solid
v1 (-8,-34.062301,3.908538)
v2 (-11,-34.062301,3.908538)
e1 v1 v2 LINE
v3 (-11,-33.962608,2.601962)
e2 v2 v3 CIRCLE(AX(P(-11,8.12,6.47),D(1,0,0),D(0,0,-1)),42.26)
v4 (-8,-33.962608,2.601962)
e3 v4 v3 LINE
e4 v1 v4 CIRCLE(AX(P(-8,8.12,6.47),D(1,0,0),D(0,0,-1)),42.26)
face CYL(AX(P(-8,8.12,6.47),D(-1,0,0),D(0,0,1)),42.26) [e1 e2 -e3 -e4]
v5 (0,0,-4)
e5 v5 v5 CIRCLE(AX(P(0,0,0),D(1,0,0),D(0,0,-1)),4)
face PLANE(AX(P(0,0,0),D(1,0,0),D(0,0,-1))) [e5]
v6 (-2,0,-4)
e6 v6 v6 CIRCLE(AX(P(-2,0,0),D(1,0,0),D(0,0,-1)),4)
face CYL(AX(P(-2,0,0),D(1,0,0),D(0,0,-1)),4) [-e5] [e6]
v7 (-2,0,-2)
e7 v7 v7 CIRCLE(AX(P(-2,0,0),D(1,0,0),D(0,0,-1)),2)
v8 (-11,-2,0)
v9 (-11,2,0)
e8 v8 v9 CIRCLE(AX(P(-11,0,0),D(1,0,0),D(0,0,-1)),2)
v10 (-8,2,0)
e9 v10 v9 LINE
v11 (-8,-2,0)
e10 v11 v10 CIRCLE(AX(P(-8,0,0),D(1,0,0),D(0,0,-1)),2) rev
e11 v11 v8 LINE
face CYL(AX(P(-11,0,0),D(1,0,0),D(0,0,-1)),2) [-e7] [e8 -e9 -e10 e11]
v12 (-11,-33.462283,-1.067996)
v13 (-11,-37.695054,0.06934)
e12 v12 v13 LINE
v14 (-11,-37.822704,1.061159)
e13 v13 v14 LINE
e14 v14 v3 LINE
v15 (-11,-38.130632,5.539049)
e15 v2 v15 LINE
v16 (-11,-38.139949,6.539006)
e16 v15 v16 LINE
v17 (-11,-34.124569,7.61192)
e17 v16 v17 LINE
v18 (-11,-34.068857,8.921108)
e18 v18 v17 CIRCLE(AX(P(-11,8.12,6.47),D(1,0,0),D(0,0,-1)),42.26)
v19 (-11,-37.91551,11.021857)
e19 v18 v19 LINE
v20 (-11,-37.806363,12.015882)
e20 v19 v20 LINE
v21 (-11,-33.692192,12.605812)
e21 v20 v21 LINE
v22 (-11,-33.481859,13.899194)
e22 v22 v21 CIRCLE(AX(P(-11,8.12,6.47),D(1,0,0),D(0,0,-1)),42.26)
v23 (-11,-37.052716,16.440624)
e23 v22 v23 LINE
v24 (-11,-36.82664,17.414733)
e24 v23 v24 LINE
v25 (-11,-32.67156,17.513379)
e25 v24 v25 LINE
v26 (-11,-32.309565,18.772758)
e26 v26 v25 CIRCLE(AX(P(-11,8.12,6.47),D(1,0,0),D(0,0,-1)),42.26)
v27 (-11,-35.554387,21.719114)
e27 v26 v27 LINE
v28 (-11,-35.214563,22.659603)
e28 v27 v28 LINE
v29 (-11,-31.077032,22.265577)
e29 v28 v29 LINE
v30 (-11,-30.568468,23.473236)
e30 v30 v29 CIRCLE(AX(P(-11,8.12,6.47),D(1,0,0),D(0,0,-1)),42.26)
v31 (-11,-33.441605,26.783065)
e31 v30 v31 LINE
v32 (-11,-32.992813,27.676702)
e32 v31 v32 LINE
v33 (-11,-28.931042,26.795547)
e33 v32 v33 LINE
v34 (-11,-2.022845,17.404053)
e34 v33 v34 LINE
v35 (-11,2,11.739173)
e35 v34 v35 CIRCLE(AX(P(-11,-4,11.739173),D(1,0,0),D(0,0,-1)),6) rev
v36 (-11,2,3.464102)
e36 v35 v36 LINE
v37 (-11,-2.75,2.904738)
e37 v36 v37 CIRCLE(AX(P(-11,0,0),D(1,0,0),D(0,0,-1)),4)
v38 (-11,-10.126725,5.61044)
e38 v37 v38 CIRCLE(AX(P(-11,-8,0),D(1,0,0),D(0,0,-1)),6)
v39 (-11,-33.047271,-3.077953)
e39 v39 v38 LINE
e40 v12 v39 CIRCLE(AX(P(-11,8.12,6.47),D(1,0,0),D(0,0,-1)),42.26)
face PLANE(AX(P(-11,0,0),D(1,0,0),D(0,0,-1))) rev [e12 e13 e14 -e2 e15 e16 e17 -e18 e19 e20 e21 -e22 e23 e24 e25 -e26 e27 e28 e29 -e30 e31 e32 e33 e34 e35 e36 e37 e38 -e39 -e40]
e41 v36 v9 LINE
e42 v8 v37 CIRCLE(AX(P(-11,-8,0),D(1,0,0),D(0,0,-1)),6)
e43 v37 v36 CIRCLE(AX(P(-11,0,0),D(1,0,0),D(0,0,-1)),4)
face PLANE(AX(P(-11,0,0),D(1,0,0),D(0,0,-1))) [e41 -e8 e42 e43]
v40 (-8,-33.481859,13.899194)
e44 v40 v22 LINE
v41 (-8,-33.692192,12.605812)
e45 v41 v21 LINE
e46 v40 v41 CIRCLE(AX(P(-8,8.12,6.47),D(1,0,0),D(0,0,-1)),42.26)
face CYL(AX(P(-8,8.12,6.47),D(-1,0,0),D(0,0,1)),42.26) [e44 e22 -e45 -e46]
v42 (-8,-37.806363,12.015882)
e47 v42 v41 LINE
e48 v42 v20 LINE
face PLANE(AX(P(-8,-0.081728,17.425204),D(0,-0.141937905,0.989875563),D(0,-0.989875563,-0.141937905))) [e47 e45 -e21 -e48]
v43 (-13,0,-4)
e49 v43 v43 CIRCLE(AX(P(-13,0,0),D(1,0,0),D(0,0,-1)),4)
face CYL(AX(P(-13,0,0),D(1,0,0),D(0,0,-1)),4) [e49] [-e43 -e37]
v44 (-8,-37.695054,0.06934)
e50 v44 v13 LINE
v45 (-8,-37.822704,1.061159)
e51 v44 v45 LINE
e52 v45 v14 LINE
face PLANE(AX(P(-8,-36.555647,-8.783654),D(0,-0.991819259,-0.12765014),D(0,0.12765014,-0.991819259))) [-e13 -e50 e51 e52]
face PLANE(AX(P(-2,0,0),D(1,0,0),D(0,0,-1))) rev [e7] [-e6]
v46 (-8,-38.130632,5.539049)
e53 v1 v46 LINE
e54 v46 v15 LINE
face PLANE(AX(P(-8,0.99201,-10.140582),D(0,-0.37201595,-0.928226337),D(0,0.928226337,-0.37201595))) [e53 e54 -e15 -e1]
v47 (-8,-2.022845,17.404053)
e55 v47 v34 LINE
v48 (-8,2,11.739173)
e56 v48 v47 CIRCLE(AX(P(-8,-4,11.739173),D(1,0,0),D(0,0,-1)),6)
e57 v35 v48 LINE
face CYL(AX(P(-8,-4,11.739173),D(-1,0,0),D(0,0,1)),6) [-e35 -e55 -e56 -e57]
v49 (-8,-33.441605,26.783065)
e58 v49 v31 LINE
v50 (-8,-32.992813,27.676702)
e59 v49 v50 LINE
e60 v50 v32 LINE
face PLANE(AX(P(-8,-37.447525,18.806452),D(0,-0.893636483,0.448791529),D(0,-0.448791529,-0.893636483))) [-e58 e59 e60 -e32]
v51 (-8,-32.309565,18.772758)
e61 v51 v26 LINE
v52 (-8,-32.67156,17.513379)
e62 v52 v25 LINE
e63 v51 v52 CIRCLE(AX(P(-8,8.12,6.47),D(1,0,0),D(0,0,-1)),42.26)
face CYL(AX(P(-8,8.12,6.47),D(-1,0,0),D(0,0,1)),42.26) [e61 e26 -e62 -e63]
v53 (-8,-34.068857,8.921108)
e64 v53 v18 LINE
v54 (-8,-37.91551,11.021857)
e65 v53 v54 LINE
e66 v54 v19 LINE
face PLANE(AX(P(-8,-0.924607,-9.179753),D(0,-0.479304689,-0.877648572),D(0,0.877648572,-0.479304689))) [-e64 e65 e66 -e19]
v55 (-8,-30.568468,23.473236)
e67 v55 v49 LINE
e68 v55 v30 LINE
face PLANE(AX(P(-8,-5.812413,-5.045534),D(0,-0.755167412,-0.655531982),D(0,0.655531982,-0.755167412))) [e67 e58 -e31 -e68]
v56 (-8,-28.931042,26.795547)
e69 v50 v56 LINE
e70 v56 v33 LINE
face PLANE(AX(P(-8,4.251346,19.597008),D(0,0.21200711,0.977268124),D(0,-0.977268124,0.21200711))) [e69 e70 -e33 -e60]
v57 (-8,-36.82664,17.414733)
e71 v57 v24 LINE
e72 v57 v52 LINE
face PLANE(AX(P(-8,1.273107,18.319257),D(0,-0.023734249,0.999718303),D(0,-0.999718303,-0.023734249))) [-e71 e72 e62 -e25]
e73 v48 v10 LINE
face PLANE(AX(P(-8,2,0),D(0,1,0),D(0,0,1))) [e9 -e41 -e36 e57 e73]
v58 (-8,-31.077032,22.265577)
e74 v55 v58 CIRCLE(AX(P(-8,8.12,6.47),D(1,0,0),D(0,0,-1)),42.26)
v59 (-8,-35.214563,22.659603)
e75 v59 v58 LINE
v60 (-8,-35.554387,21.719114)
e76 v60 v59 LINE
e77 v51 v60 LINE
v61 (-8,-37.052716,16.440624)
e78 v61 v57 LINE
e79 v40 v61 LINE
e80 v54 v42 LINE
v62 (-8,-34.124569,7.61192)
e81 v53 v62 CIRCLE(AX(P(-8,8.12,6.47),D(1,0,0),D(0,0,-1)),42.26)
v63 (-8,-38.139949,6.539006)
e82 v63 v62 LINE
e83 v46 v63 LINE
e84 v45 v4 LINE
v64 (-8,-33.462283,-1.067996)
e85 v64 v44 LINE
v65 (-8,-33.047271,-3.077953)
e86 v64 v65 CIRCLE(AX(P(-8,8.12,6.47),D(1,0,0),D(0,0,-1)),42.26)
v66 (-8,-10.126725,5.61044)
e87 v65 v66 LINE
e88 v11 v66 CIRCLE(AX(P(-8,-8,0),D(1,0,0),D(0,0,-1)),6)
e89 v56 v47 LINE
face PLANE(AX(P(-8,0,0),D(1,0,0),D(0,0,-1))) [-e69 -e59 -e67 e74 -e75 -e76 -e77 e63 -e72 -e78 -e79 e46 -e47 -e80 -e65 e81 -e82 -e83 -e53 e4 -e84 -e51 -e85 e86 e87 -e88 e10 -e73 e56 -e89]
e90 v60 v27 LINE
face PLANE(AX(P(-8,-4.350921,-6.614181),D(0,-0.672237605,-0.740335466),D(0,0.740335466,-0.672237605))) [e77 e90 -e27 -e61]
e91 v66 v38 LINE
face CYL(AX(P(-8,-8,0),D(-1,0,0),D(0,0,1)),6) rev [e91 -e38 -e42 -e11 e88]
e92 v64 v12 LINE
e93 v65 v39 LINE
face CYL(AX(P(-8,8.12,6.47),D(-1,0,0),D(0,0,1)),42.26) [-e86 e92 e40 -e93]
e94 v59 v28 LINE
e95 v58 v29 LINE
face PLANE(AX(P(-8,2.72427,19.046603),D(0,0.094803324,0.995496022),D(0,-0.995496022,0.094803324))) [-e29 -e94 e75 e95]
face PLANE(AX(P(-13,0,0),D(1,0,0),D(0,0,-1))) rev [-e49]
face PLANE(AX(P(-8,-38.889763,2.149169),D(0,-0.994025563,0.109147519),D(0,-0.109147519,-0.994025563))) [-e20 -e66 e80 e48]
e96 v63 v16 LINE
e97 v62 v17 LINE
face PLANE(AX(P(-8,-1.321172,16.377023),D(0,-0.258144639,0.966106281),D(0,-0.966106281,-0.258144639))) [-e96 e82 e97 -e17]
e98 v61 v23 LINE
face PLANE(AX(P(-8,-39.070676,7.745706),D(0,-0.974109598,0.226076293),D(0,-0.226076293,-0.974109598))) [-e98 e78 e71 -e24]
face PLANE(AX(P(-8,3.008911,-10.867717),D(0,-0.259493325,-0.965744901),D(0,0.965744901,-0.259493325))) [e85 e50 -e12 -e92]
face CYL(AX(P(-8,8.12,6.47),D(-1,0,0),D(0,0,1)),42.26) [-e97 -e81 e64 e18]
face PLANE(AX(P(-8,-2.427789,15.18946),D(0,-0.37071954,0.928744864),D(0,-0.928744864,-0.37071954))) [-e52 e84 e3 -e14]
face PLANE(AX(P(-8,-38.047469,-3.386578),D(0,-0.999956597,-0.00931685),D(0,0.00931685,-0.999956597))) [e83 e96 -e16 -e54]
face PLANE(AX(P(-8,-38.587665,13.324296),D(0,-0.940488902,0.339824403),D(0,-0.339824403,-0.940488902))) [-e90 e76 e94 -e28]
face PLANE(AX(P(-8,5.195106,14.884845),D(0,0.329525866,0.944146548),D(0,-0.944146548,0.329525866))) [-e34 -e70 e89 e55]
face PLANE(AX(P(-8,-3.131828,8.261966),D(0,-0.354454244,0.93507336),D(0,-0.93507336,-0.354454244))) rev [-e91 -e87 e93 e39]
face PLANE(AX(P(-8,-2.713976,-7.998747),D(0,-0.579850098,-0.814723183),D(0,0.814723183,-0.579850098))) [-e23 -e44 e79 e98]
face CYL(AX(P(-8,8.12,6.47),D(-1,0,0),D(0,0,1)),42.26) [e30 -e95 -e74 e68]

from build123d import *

# Parameters (mm, degrees)
SKETCH1_R           = 4
BOSS_EXTRUDE1_DEPTH = 2
BOSS_EXTRUDE2_START = -2
SKETCH1_3_R         = 2
BOSS_EXTRUDE2_DEPTH = 9
BOSS_EXTRUDE3_START = -11
SKETCH1_4_R         = 4
BOSS_EXTRUDE3_DEPTH = 2
BOSS_EXTRUDE4_START = 3
BOSS_EXTRUDE4_DEPTH = 3
FILLET1_R           = 6
BOSS_EXTRUDE5_START = 3
BOSS_EXTRUDE5_DEPTH = 3
CIRPATTERN1_COUNT   = 6
CIRPATTERN1_ANGLE   = 34


with BuildPart() as part:
    # Sketch1 → Boss-Extrude1 (new body)
    with BuildSketch(Plane.YZ):
        with Locations(Location((0, 0, 0), (0, 0, 270))):
            Circle(SKETCH1_R)
    extrude(amount=-BOSS_EXTRUDE1_DEPTH)

    # Sketch1<3> → Boss-Extrude2 (add)
    with BuildSketch(Plane.YZ.offset(BOSS_EXTRUDE2_START)):
        with Locations(Location((0, 0, 0), (0, 0, 270))):
            Circle(SKETCH1_3_R)
    extrude(amount=-BOSS_EXTRUDE2_DEPTH)

    # Sketch1<4> → Boss-Extrude3 (add)
    with BuildSketch(Plane.YZ.offset(BOSS_EXTRUDE3_START)):
        with Locations(Location((0, 0, 0), (0, 0, 270))):
            Circle(SKETCH1_4_R)
    extrude(amount=-BOSS_EXTRUDE3_DEPTH)

    # Sketch2 → Boss-Extrude4 (add)
    with BuildSketch(Plane.YZ.offset(-11).offset(BOSS_EXTRUDE4_START)):
        with BuildLine():
            Line((2, 0), (2, 16))
            Line((2, 16), (-28.931042314, 26.795547064))
            ThreePointArc((-28.931042314, 26.795547064), (-29.786171027, 25.152339202), (-30.568468217, 23.473235781))
            ThreePointArc((-30.568468217, 23.473235781), (-33.95702666, 10.398285565), (-33.047270986, -3.077952637))
            Line((-33.047270986, -3.077952637), (-10.126725467, 5.61044016))
            ThreePointArc((-10.126725467, 5.61044016), (-4.591213765, 4.937628621), (-2, 0))
            ThreePointArc((-2, 0), (0, 2), (2, 0))
        make_face()
    extrude(amount=-BOSS_EXTRUDE4_DEPTH)

    # Fillet1
    fillet1_edges = [part.edges().sort_by_distance(p)[0] for p in [
        (-9.5, 2, 16),
    ]]
    fillet(fillet1_edges, radius=FILLET1_R)

    # Sketch2<3> → Boss-Extrude5 (add)
    with BuildSketch(Plane.YZ.offset(-11).offset(BOSS_EXTRUDE5_START)):
        with BuildLine():
            ThreePointArc((-30.568468217, 23.473235781), (-29.786171027, 25.152339202), (-28.931042314, 26.795547064))
            Line((-28.931042314, 26.795547064), (-32.992813147, 27.676701657))
            Line((-32.992813147, 27.676701657), (-33.441604676, 26.783065174))
            Line((-33.441604676, 26.783065174), (-30.568468217, 23.473235781))
        make_face()
    boss_extrude5 = extrude(amount=-BOSS_EXTRUDE5_DEPTH)

    # CirPattern1: Boss-Extrude5 ×6 about axis
    cirpattern1_axis = Axis((0, 8.12, 6.47), (1, 0, 0))
    for i in range(1, CIRPATTERN1_COUNT):
        add(boss_extrude5.rotate(cirpattern1_axis, i * CIRPATTERN1_ANGLE / (CIRPATTERN1_COUNT - 1)))


solid = part.part
